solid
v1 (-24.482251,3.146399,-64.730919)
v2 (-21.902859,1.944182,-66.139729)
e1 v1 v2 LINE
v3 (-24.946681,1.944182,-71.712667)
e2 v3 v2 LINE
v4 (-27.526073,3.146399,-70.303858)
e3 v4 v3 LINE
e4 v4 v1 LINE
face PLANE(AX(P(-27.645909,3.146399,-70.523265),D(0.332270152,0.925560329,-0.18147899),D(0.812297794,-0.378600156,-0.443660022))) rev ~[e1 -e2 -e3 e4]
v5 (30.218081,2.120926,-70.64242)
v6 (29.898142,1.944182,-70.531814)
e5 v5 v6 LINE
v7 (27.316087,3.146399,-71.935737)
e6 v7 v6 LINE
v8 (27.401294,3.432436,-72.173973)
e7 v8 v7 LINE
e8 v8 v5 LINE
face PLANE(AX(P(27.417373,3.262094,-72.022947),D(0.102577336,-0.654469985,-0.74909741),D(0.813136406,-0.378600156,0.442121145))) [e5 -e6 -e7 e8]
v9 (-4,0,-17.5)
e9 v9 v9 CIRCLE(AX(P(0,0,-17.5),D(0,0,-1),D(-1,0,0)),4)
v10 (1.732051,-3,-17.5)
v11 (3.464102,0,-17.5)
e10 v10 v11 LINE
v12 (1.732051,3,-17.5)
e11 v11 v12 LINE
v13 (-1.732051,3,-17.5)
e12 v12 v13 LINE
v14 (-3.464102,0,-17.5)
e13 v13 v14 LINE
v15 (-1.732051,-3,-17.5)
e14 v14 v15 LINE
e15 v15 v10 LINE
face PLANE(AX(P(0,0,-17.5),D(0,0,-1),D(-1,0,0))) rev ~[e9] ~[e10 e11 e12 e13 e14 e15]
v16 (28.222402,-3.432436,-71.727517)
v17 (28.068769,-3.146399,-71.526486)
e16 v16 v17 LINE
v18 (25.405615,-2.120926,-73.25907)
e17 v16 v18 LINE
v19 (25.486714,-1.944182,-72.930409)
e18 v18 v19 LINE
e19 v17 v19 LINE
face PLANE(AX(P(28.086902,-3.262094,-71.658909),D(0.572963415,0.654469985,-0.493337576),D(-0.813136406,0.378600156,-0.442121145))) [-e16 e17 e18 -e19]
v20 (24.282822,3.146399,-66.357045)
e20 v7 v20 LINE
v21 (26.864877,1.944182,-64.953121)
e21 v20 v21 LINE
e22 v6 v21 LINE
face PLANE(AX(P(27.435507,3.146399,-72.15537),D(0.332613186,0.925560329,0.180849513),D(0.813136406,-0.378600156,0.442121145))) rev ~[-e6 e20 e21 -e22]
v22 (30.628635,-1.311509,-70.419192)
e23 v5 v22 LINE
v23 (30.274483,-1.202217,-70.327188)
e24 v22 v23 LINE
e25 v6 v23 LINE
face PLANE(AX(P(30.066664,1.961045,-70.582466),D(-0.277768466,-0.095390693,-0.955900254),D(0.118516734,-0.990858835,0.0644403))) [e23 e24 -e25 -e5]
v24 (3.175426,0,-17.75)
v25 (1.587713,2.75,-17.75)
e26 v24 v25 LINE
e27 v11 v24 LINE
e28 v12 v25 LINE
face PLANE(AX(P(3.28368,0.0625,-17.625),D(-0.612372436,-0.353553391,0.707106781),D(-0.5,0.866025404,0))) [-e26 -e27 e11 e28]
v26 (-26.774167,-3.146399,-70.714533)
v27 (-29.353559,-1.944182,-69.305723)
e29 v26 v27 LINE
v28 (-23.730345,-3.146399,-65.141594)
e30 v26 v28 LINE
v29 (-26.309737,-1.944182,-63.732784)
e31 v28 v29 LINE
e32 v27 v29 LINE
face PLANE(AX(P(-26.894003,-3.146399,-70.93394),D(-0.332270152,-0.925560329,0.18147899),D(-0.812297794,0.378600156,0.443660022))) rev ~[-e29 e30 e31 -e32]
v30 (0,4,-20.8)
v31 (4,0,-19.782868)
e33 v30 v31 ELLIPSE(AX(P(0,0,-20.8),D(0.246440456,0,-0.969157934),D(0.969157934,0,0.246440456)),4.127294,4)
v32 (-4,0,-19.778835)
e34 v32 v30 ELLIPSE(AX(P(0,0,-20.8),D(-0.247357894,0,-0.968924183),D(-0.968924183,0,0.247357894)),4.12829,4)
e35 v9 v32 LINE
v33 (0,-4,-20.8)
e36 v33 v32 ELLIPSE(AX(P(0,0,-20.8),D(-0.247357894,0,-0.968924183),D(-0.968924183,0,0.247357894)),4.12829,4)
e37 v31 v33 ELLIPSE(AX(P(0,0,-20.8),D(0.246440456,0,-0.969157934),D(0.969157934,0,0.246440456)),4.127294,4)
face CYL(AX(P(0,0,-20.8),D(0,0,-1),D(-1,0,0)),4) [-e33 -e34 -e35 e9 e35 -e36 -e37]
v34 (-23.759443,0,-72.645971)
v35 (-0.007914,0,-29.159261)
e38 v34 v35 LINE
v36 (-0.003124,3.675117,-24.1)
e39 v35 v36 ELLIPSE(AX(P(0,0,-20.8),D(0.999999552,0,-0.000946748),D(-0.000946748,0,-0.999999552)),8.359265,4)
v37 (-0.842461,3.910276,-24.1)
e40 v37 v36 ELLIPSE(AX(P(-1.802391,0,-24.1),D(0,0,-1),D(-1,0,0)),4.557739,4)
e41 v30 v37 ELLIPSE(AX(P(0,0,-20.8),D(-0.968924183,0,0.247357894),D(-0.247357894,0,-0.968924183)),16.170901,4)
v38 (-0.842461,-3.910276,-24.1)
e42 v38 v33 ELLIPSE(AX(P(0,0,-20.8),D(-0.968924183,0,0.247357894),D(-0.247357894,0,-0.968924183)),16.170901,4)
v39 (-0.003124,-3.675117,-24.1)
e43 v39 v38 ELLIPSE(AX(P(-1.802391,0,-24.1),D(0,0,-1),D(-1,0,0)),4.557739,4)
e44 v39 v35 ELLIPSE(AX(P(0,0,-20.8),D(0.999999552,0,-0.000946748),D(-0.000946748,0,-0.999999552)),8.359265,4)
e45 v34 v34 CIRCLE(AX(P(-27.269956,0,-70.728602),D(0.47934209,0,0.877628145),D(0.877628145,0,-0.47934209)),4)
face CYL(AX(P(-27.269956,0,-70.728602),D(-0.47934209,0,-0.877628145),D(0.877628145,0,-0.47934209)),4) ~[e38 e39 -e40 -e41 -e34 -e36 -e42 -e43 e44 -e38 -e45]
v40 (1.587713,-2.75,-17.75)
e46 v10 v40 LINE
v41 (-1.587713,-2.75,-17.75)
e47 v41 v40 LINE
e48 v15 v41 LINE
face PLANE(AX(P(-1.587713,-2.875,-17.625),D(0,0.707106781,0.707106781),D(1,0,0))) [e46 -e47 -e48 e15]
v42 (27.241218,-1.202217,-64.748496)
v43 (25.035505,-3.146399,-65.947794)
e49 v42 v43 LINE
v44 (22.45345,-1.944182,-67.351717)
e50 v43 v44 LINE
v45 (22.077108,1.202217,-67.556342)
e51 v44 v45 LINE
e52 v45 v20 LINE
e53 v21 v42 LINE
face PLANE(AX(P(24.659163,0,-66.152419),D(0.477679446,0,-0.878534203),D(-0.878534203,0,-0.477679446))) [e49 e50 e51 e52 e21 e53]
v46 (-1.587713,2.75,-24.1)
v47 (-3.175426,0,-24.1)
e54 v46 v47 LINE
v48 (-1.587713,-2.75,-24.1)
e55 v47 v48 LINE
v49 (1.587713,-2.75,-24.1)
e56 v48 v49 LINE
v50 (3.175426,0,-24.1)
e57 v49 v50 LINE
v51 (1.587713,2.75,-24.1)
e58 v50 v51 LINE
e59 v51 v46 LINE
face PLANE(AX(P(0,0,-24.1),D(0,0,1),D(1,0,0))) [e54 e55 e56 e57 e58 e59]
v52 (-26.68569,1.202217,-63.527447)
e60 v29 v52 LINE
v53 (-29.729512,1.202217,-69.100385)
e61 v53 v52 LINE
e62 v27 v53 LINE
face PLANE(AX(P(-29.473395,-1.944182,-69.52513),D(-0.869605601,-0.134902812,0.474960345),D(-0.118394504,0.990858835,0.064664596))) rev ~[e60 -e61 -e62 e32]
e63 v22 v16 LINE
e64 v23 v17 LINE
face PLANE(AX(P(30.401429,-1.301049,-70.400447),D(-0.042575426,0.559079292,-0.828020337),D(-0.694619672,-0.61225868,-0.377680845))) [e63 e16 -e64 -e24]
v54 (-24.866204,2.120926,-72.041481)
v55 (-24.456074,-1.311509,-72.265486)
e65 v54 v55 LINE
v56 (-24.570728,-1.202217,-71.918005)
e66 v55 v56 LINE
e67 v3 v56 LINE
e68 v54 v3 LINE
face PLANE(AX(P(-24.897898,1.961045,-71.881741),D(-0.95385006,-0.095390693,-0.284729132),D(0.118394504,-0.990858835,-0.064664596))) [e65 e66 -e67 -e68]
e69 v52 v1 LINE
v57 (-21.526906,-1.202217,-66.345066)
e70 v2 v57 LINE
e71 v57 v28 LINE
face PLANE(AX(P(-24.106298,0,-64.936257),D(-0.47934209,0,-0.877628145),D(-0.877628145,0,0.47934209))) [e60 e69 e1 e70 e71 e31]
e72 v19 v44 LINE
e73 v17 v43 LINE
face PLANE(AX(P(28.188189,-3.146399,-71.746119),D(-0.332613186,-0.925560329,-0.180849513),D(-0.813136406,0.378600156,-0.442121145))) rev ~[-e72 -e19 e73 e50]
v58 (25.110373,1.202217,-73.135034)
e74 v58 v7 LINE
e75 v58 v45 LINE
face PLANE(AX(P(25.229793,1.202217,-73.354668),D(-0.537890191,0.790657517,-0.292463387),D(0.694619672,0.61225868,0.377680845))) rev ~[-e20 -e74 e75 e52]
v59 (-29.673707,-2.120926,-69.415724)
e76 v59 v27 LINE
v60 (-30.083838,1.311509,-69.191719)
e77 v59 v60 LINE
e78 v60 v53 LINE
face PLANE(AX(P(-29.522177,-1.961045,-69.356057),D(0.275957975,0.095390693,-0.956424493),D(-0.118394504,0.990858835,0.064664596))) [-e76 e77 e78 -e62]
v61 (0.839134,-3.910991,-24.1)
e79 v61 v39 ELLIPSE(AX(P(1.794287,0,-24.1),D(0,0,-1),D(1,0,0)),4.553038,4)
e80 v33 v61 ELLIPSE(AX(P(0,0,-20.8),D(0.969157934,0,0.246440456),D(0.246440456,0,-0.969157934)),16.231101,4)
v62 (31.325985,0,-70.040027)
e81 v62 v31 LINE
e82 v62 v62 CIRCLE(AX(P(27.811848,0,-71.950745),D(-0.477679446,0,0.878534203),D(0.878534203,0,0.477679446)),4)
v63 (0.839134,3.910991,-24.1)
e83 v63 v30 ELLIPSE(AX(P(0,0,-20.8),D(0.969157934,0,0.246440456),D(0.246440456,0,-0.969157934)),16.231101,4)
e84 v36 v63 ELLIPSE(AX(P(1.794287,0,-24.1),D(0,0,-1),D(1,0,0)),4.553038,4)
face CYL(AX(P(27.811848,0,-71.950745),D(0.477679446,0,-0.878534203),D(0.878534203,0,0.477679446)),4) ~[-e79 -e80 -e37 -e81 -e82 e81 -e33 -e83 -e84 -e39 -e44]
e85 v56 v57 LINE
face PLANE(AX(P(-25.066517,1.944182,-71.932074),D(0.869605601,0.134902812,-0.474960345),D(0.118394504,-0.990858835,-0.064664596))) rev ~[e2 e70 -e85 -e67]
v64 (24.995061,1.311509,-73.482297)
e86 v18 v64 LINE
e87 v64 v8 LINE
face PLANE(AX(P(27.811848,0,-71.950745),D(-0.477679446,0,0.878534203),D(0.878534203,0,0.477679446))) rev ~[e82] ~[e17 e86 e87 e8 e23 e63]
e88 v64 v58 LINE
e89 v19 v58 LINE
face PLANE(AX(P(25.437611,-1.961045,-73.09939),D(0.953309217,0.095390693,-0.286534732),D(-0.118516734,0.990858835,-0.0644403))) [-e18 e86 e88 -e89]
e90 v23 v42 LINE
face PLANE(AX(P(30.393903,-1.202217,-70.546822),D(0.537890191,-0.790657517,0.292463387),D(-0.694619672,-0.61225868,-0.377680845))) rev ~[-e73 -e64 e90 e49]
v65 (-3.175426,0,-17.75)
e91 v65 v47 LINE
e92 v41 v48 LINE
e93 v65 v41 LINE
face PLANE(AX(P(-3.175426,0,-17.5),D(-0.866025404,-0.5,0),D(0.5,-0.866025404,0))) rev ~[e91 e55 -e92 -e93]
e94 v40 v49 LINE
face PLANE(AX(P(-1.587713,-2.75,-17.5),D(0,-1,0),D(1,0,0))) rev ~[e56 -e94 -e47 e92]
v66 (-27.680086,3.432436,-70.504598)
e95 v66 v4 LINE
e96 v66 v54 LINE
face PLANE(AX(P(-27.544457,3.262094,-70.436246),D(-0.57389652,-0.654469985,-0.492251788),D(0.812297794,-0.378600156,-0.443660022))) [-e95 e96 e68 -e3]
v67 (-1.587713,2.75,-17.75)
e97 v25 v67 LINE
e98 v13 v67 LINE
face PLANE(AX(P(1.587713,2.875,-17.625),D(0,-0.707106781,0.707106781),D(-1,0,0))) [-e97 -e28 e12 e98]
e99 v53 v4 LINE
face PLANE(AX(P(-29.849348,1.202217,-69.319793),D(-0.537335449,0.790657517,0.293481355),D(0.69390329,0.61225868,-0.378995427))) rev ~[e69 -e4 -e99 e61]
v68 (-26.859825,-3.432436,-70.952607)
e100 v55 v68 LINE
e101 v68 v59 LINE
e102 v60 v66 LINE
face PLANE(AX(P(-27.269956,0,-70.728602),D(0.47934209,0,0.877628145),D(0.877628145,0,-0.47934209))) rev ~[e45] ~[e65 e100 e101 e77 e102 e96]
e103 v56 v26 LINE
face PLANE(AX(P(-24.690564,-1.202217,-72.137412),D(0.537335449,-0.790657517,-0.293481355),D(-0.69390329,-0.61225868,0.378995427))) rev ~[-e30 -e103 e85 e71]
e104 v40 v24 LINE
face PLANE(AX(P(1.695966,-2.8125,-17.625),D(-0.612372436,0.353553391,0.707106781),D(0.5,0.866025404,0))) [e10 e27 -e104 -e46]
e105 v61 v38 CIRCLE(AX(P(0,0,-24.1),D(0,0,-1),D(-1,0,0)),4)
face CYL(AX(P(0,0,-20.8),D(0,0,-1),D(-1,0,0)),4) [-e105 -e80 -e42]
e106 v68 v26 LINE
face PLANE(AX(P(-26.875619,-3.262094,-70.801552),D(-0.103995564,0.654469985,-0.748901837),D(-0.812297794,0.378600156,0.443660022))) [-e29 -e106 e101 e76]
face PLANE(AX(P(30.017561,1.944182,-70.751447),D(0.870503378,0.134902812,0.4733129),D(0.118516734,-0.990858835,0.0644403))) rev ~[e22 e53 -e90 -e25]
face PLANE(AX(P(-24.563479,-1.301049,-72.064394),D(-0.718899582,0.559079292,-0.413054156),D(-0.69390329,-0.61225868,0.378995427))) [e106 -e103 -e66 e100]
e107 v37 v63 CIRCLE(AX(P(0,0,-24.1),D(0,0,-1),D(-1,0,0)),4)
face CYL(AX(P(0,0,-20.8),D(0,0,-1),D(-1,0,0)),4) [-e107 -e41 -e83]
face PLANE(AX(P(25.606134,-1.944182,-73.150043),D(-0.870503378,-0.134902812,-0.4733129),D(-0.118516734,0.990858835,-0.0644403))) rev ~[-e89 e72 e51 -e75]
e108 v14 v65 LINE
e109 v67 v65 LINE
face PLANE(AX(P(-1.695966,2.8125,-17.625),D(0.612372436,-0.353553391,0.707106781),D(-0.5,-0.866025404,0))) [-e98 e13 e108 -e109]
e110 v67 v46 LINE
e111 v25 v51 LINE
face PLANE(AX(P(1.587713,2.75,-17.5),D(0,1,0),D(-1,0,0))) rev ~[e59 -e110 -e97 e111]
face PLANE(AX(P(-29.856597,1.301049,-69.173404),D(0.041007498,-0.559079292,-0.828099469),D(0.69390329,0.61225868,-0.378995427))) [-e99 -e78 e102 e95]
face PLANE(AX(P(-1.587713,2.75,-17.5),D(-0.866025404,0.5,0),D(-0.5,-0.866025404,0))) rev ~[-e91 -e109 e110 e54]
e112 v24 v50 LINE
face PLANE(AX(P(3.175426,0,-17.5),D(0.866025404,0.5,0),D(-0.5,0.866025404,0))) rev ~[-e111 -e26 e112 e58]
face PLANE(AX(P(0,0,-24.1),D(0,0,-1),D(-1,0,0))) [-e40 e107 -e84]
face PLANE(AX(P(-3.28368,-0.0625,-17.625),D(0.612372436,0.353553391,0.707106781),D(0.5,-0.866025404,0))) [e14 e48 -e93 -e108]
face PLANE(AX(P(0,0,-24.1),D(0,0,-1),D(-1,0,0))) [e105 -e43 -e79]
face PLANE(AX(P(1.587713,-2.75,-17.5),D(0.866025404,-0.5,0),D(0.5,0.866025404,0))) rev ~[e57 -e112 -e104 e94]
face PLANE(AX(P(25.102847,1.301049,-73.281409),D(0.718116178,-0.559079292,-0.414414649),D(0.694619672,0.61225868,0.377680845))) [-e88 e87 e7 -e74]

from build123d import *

# Parameters (mm, degrees)
SKETCH1_W           = 4
SKETCH1_H           = 6.6
BOSS_EXTRUDE1_REACH = 63.704
SKETCH21_R          = 4
BOSS_EXTRUDE2_REACH = 77.825
SKETCH22_R          = 4
CUT_EXTRUDE3_DEPTH  = 6.6
CUT_EXTRUDE4_DEPTH  = 6.6
CUT_EXTRUDE5_DEPTH  = 6.6
CHAMFER2_SIZE       = 0.25


with BuildPart() as part:
    # Sketch1 → Revolve-Thin1 (revolve)
    with BuildSketch(Plane(origin=(0, 0, 0), x_dir=(1, 0, 0), z_dir=(0, 1, 0))):
        with Locations((-2, 20.8)):
            Rectangle(SKETCH1_W, SKETCH1_H)
    revolve(axis=Axis((0, 0, -17.5), (0, 0, -1)))

    # Sketch21 → Boss-Extrude1 (add, up to next)
    with BuildSketch(Plane(origin=(-36.020185124, 0, -65.949410445), x_dir=(0.877628145, 0, -0.47934209), z_dir=(0.47934209, 0, 0.877628145)), mode=Mode.PRIVATE) as boss_extrude1_sk1:
        with Locations((9.970315475, 0)):
            Circle(SKETCH21_R)
    boss_extrude1_tool1 = extrude(boss_extrude1_sk1.sketch, amount=BOSS_EXTRUDE1_REACH, mode=Mode.PRIVATE) - part.part
    add(boss_extrude1_tool1.solids().sort_by_distance((-27.269956, 0, -70.728602))[0])

    # Sketch22 → Boss-Extrude2 (add, up to next)
    with BuildSketch(Plane(origin=(36.540728539, 0, -67.204649662), x_dir=(0.878534203, 0, 0.477679446), z_dir=(-0.477679446, 0, 0.878534203)), mode=Mode.PRIVATE) as boss_extrude2_sk1:
        with Locations((-9.935732483, 0)):
            Circle(SKETCH22_R)
    boss_extrude2_tool1 = extrude(boss_extrude2_sk1.sketch, amount=BOSS_EXTRUDE2_REACH, mode=Mode.PRIVATE) - part.part
    add(boss_extrude2_tool1.solids().sort_by_distance((27.811848, 0, -71.950745))[0])

    # Sketch29 → Cut-Extrude3 (cut)
    with BuildSketch(Plane(origin=(-36.020185124, 0, -65.949410445), x_dir=(-0.877628145, 0, 0.47934209), z_dir=(-0.47934209, 0, -0.877628145))):
        Polygon((-7.031266698, 1.20221696), (-9.541941515, 3.146399384), (-12.480990292, 1.944182424), (-12.909364252, -1.20221696), (-10.398689436, -3.146399384), (-7.459640658, -1.944182424), align=None)
    extrude(amount=-CUT_EXTRUDE3_DEPTH, mode=Mode.SUBTRACT)

    # Sketch30 → Cut-Extrude4 (cut)
    with BuildSketch(Plane(origin=(36.540728539, 0, -67.204649662), x_dir=(-0.878534203, 0, -0.477679446), z_dir=(0.477679446, 0, -0.878534203))):
        Polygon((12.87478126, 1.20221696), (10.364106444, 3.146399384), (7.425057666, 1.944182424), (6.996683706, -1.20221696), (9.507358523, -3.146399384), (12.4464073, -1.944182424), align=None)
    extrude(amount=-CUT_EXTRUDE4_DEPTH, mode=Mode.SUBTRACT)

    # Sketch18 → Cut-Extrude5 (cut)
    with BuildSketch(Plane.XY.offset(-17.5)):
        Polygon((1.58771324, 2.75), (-1.58771324, 2.75), (-3.175426481, 0), (-1.58771324, -2.75), (1.58771324, -2.75), (3.175426481, 0), align=None)
    extrude(amount=-CUT_EXTRUDE5_DEPTH, mode=Mode.SUBTRACT)

    # Chamfer2
    chamfer2_edges = [part.edges().sort_by_distance(p)[0] for p in [
        (-29.661371054, -0.370982732, -69.422461356),
        (-28.747628135, 2.174308172, -69.921528578),
        (-26.356212732, 2.545290904, -71.227669527),
        (-24.878540246, 0.370982732, -72.034743254),
        (-25.792283165, -2.174308172, -71.535676032),
        (-28.183698569, -2.545290904, -70.229535082),
        (25.417963429, -0.370982732, -73.252355328),
        (26.332649691, 2.174308172, -72.755019168),
        (28.726533979, 2.545290904, -71.453408693),
        (30.205732005, 0.370982732, -70.649134379),
        (29.291045743, -2.174308172, -71.146470539),
        (26.897161455, -2.545290904, -72.448081013),
        (2.38156986, 1.375, -17.5),
        (0, 2.75, -17.5),
        (-2.38156986, 1.375, -17.5),
        (-2.38156986, -1.375, -17.5),
        (0, -2.75, -17.5),
        (2.38156986, -1.375, -17.5),
    ]]
    chamfer(chamfer2_edges, length=CHAMFER2_SIZE)


solid = part.part
